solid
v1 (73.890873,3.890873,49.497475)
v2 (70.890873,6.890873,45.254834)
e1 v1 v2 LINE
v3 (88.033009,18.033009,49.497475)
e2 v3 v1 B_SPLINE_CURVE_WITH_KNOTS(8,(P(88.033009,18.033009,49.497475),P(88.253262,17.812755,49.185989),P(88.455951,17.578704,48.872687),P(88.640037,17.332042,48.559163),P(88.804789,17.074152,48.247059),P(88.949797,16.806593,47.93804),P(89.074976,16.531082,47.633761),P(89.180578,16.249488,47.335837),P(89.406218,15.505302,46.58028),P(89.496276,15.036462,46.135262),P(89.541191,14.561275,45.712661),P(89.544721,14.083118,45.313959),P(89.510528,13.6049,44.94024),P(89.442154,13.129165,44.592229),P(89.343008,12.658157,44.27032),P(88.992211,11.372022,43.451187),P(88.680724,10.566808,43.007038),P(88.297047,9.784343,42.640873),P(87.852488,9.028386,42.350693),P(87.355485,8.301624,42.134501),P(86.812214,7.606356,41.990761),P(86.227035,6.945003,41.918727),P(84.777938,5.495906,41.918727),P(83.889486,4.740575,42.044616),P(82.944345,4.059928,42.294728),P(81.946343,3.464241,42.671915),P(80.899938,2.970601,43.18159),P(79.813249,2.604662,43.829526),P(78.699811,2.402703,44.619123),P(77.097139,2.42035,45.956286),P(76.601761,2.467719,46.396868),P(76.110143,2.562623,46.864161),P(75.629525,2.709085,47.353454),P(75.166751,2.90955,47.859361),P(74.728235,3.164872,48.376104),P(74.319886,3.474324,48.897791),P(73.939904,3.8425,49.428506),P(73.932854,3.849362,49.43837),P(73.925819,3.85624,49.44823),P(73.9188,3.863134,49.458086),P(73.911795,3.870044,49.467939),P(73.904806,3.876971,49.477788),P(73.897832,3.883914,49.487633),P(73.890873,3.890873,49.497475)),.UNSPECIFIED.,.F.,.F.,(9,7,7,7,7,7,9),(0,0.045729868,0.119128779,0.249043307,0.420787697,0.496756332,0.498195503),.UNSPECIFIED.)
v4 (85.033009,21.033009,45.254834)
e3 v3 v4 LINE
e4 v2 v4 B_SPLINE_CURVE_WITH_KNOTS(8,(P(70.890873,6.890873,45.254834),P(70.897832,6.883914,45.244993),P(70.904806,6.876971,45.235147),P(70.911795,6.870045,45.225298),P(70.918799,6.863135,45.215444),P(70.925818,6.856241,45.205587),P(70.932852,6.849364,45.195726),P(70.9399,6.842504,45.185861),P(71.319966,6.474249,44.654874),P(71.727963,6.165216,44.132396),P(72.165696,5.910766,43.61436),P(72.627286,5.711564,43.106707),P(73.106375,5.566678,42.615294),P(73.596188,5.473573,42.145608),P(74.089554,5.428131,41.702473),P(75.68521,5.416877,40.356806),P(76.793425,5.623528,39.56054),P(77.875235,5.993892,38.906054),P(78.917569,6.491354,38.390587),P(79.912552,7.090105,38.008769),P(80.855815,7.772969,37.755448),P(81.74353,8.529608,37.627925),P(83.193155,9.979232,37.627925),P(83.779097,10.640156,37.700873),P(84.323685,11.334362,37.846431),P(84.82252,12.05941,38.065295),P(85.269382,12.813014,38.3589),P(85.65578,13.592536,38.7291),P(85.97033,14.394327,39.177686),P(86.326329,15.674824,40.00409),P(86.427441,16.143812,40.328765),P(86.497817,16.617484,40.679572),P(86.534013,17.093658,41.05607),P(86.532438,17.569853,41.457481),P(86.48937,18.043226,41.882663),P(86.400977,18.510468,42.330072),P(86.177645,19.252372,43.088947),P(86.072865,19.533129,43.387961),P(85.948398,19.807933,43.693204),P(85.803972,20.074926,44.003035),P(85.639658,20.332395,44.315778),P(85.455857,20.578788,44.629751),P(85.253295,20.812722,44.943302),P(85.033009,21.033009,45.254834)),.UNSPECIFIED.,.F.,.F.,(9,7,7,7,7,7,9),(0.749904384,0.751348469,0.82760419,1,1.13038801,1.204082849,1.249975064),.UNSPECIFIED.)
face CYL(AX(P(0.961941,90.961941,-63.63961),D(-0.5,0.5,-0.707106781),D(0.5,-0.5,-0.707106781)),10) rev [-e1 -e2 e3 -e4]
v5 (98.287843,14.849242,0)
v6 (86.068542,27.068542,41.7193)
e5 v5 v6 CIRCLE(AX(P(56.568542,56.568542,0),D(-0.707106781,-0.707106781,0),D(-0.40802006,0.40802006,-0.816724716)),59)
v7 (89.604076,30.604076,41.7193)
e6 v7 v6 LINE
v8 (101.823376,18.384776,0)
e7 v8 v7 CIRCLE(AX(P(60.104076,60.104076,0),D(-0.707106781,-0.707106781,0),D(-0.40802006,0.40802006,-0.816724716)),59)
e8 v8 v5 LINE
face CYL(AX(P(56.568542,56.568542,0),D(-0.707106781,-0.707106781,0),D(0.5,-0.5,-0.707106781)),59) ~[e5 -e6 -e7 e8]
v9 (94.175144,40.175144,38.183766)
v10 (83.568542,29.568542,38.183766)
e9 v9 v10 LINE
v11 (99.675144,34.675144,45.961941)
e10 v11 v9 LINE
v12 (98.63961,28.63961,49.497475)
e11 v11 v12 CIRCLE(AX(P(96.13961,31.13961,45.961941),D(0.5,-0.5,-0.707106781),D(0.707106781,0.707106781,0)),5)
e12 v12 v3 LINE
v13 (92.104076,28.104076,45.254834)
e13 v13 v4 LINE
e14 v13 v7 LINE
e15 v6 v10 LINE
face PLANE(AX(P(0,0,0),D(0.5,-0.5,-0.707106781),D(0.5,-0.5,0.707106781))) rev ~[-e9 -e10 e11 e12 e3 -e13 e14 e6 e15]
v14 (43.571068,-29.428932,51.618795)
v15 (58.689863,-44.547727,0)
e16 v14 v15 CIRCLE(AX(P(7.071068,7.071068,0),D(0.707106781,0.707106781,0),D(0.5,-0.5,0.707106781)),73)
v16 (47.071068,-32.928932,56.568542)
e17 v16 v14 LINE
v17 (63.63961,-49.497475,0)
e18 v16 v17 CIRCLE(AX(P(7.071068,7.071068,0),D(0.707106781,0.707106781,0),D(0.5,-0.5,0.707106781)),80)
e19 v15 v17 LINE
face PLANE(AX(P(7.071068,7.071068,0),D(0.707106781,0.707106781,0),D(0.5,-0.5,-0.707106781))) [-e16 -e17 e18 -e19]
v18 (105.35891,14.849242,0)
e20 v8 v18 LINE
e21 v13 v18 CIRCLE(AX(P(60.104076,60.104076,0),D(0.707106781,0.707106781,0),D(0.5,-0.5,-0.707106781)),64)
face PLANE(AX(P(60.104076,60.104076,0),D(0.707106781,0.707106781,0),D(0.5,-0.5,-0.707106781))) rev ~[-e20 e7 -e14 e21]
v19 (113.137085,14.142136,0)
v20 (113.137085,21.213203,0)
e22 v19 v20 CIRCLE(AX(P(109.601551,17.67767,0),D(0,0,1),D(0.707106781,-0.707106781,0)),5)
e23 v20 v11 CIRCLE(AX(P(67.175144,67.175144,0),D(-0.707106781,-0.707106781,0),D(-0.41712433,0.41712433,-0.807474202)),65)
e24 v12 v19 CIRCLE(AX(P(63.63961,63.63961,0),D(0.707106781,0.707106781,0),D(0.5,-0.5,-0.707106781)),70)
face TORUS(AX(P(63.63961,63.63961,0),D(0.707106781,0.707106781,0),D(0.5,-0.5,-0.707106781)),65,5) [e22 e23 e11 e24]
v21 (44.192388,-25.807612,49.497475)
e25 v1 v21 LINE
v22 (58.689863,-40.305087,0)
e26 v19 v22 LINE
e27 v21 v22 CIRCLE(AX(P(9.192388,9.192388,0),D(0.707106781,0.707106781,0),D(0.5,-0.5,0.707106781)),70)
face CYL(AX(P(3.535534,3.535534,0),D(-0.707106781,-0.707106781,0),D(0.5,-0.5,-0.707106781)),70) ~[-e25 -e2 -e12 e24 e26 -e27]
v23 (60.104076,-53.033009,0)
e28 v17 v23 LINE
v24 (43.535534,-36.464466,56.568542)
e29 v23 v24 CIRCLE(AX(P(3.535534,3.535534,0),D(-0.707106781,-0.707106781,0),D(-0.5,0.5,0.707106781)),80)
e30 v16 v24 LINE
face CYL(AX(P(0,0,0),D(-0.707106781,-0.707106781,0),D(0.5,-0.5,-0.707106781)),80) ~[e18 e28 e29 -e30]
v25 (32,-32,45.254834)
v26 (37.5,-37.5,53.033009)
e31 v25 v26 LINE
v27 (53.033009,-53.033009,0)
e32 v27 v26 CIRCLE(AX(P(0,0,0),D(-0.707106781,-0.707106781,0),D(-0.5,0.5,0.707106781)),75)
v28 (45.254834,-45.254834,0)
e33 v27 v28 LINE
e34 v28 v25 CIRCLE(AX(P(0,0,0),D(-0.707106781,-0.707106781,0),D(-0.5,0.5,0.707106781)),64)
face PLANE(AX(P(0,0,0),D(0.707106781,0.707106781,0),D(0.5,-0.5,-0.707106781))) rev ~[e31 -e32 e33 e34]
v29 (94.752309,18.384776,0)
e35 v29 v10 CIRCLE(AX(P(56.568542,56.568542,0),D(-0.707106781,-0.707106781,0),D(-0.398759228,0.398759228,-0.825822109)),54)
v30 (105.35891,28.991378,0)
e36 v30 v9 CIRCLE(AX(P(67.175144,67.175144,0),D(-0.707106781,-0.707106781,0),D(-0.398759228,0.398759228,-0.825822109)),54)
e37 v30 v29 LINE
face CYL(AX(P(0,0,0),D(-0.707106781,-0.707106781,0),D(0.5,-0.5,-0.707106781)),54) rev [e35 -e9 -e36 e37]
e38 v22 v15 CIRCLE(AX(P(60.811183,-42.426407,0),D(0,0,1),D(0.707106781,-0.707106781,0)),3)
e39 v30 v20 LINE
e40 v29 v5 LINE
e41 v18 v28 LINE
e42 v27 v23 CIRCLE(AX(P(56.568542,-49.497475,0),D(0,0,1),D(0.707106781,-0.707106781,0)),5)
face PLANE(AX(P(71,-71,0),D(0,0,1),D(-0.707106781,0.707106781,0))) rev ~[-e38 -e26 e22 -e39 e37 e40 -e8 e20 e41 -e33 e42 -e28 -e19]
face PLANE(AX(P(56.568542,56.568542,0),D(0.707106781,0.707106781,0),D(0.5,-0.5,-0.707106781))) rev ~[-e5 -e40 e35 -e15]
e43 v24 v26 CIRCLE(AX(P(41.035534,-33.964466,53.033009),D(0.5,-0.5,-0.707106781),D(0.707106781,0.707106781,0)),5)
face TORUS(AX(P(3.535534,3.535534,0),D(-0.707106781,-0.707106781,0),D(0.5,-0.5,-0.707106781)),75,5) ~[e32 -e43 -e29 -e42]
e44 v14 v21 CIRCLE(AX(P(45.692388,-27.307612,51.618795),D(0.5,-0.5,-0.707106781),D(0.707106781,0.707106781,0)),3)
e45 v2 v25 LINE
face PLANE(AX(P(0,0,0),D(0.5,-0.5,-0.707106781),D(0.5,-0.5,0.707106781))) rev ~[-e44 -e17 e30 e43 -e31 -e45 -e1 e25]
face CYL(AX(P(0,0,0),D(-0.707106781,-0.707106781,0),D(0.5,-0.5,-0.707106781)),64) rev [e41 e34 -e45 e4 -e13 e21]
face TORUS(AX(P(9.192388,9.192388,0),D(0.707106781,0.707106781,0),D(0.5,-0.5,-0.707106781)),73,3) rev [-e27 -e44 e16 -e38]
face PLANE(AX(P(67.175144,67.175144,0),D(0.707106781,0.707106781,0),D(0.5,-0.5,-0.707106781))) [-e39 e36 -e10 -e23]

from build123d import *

# Parameters (mm, degrees)
BOX007_W               = 100
BOX007_H               = 100
BOX007_DEPTH           = 100
BOX007_PLACEMENT_ANGLE = 45
BOX006_W               = 100
BOX006_H               = 200
BOX006_DEPTH           = 100
BOX006_PLACEMENT_ANGLE = 45
BOX005_W               = 100
BOX005_H               = 100
BOX005_DEPTH           = 100
BOX004_W               = 20
BOX004_H               = 20
BOX004_DEPTH           = 80
BOX003_W               = 20
BOX003_H               = 20
BOX003_DEPTH           = 80
BOX002_W               = 10
BOX002_H               = 25
BOX002_DEPTH           = 35
BOX002_PITCH_ANGLE     = -15
BOX001_W               = 10
BOX001_H               = 25
BOX001_DEPTH           = 35
BOX001_PITCH_ANGLE     = 15
BOX_W                  = 20
BOX_H                  = 25
BOX_DEPTH              = 35
CYLINDER005_R          = 10
CYLINDER005_DEPTH      = 180
CYLINDER005_ROLL_ANGLE = 90
CYLINDER004_R          = 54
CYLINDER004_DEPTH      = 100
CYLINDER003_R          = 59
CYLINDER003_DEPTH      = 10
CYLINDER002_R          = 64
CYLINDER002_DEPTH      = 85
CYLINDER001_R          = 70
CYLINDER001_DEPTH      = 90
CYLINDER_R             = 80
CYLINDER_DEPTH         = 10
FILLET_R               = 3
FILLET001_R            = 5
FILLET002_R            = 5
CUT009_ROLL_ANGLE      = -90
CUT009_PITCH_ANGLE     = 45
CUT009_PLACEMENT_ANGLE = -45


with BuildPart() as cube004:
    # Box007 → Box007 (new body)
    with BuildSketch(Plane.XY):
        with Locations((50, 50)):
            Rectangle(BOX007_W, BOX007_H)
    extrude(amount=BOX007_DEPTH)


with BuildPart() as cube004_1:
    # Box007 placement: moved
    add(cube004.part.rotate(Axis((0, 0, 0), (0, 0, 1)), BOX007_PLACEMENT_ANGLE))


with BuildPart() as cube003:
    # Box006 → Box006 (new body)
    with BuildSketch(Plane.XY):
        with Locations((50, 100)):
            Rectangle(BOX006_W, BOX006_H)
    extrude(amount=BOX006_DEPTH)


with BuildPart() as cube003_1:
    # Box006 placement: moved
    add(cube003.part.moved(Location((71, -71, 0))).rotate(Axis((71, -71, 0), (0, 0, 1)), BOX006_PLACEMENT_ANGLE))


with BuildPart() as cube002:
    # Box005 → Box005 (new body)
    with BuildSketch(Plane(origin=(0, 0, 0), x_dir=(-1, 0, 0), z_dir=(0, 0, 1))):
        with Locations((50, 50)):
            Rectangle(BOX005_W, BOX005_H)
    extrude(amount=BOX005_DEPTH)


with BuildPart() as tab_cut_l:
    # Box004 → Box004 (new body)
    with BuildSketch(Plane(origin=(-83, -10, 20), x_dir=(1, 0, 0), z_dir=(0, 0, 1))):
        with Locations((10, 10)):
            Rectangle(BOX004_W, BOX004_H)
    extrude(amount=BOX004_DEPTH)


with BuildPart() as tab_cut_r:
    # Box003 → Box003 (new body)
    with BuildSketch(Plane(origin=(63, -10, 20), x_dir=(1, 0, 0), z_dir=(0, 0, 1))):
        with Locations((10, 10)):
            Rectangle(BOX003_W, BOX003_H)
    extrude(amount=BOX003_DEPTH)


with BuildPart() as cube001:
    # Box002 → Box002 (new body)
    with BuildSketch(Plane.XY):
        with Locations((5, 12.5)):
            Rectangle(BOX002_W, BOX002_H)
    extrude(amount=BOX002_DEPTH)


with BuildPart() as cube001_1:
    # Box002 pitch: moved
    add(cube001.part.rotate(Axis((0, 0, 0), (0, 1, 0)), BOX002_PITCH_ANGLE))


with BuildPart() as cube001_2:
    # Box002 placement: moved
    add(cube001_1.part.moved(Location((-9.95, 48, 64))))


with BuildPart() as cube:
    # Box001 → Box001 (new body)
    with BuildSketch(Plane.XY):
        with Locations((5, 12.5)):
            Rectangle(BOX001_W, BOX001_H)
    extrude(amount=BOX001_DEPTH)


with BuildPart() as cube_1:
    # Box001 pitch: moved
    add(cube.part.rotate(Axis((0, 0, 0), (0, 1, 0)), BOX001_PITCH_ANGLE))


with BuildPart() as cube_2:
    # Box001 placement: moved
    add(cube_1.part.moved(Location((0, 48, 65))))


with BuildPart() as bearing_slot:
    # Box → Box (new body)
    with BuildSketch(Plane(origin=(-10, 48, 65), x_dir=(1, 0, 0), z_dir=(0, 0, 1))):
        with Locations((10, 12.5)):
            Rectangle(BOX_W, BOX_H)
    extrude(amount=BOX_DEPTH)


with BuildPart() as bearing_holes:
    # Cylinder005 → Cylinder005 (new body)
    with BuildSketch(Plane.XY):
        Circle(CYLINDER005_R)
    extrude(amount=CYLINDER005_DEPTH)


with BuildPart() as bearing_holes_1:
    # Cylinder005 roll: moved
    add(bearing_holes.part.rotate(Axis((0, 0, 0), (1, 0, 0)), CYLINDER005_ROLL_ANGLE))


with BuildPart() as bearing_holes_2:
    # Cylinder005 placement: moved
    add(bearing_holes_1.part.moved(Location((0, 90, 65))))


with BuildPart() as through_hole:
    # Cylinder004 → Cylinder004 (new body)
    with BuildSketch(Plane.XY):
        Circle(CYLINDER004_R)
    extrude(amount=CYLINDER004_DEPTH)


with BuildPart() as inner_lip:
    # Cylinder003 → Cylinder003 (new body)
    with BuildSketch(Plane.XY.offset(80)):
        Circle(CYLINDER003_R)
    extrude(amount=CYLINDER003_DEPTH)


with BuildPart() as inner_hole:
    # Cylinder002 → Cylinder002 (new body)
    with BuildSketch(Plane.XY):
        Circle(CYLINDER002_R)
    extrude(amount=CYLINDER002_DEPTH)


with BuildPart() as body_cylinder:
    # Cylinder001 → Cylinder001 (new body)
    with BuildSketch(Plane.XY.offset(5)):
        Circle(CYLINDER001_R)
    extrude(amount=CYLINDER001_DEPTH)


with BuildPart() as cut010:
    # Cylinder → Cylinder (new body)
    with BuildSketch(Plane.XY):
        Circle(CYLINDER_R)
    extrude(amount=CYLINDER_DEPTH)

    # Fusion: union Body_Cylinder
    add(body_cylinder.part)

    # Cut: cut Inner_Hole
    add(inner_hole.part, mode=Mode.SUBTRACT)

    # Fusion001: union Inner_Lip
    add(inner_lip.part)

    # Cut001: cut Through_Hole
    add(through_hole.part, mode=Mode.SUBTRACT)

    # Fillet
    fillet_edges = [cut010.edges().sort_by_distance(p)[0] for p in [
        (-70, 0, 10),
    ]]
    fillet(fillet_edges, radius=FILLET_R)

    # Fillet001
    fillet001_edges = [cut010.edges().sort_by_distance(p)[0] for p in [
        (-80, 0, 0),
    ]]
    fillet(fillet001_edges, radius=FILLET001_R)

    # Fillet002
    fillet002_edges = [cut010.edges().sort_by_distance(p)[0] for p in [
        (-70, 0, 95),
    ]]
    fillet(fillet002_edges, radius=FILLET002_R)

    # Cut002: cut Bearing_Holes
    add(bearing_holes_2.part, mode=Mode.SUBTRACT)

    # Cut003: cut Bearing_Slot
    add(bearing_slot.part, mode=Mode.SUBTRACT)

    # Cut004: cut Cube
    add(cube_2.part, mode=Mode.SUBTRACT)

    # Cut005: cut Cube001
    add(cube001_2.part, mode=Mode.SUBTRACT)

    # Cut006: cut Tab_Cut_R
    add(tab_cut_r.part, mode=Mode.SUBTRACT)

    # Cut007: cut Tab_Cut_L
    add(tab_cut_l.part, mode=Mode.SUBTRACT)

    # Cut008: cut Cube002
    add(cube002.part, mode=Mode.SUBTRACT)

    # Cut009: cut Cube003
    add(cube003_1.part, mode=Mode.SUBTRACT)


with BuildPart() as cut010_1:
    # Cut009 roll: moved
    add(cut010.part.rotate(Axis((0, 0, 0), (1, 0, 0)), CUT009_ROLL_ANGLE))


with BuildPart() as cut010_2:
    # Cut009 pitch: moved
    add(cut010_1.part.rotate(Axis((0, 0, 0), (0, 1, 0)), CUT009_PITCH_ANGLE))


with BuildPart() as cut010_3:
    # Cut009 placement: moved
    add(cut010_2.part.rotate(Axis((0, 0, 0), (0, 0, 1)), CUT009_PLACEMENT_ANGLE))

    # Cut010: cut Cube004
    add(cube004_1.part, mode=Mode.SUBTRACT)


solid = cut010_3.part
